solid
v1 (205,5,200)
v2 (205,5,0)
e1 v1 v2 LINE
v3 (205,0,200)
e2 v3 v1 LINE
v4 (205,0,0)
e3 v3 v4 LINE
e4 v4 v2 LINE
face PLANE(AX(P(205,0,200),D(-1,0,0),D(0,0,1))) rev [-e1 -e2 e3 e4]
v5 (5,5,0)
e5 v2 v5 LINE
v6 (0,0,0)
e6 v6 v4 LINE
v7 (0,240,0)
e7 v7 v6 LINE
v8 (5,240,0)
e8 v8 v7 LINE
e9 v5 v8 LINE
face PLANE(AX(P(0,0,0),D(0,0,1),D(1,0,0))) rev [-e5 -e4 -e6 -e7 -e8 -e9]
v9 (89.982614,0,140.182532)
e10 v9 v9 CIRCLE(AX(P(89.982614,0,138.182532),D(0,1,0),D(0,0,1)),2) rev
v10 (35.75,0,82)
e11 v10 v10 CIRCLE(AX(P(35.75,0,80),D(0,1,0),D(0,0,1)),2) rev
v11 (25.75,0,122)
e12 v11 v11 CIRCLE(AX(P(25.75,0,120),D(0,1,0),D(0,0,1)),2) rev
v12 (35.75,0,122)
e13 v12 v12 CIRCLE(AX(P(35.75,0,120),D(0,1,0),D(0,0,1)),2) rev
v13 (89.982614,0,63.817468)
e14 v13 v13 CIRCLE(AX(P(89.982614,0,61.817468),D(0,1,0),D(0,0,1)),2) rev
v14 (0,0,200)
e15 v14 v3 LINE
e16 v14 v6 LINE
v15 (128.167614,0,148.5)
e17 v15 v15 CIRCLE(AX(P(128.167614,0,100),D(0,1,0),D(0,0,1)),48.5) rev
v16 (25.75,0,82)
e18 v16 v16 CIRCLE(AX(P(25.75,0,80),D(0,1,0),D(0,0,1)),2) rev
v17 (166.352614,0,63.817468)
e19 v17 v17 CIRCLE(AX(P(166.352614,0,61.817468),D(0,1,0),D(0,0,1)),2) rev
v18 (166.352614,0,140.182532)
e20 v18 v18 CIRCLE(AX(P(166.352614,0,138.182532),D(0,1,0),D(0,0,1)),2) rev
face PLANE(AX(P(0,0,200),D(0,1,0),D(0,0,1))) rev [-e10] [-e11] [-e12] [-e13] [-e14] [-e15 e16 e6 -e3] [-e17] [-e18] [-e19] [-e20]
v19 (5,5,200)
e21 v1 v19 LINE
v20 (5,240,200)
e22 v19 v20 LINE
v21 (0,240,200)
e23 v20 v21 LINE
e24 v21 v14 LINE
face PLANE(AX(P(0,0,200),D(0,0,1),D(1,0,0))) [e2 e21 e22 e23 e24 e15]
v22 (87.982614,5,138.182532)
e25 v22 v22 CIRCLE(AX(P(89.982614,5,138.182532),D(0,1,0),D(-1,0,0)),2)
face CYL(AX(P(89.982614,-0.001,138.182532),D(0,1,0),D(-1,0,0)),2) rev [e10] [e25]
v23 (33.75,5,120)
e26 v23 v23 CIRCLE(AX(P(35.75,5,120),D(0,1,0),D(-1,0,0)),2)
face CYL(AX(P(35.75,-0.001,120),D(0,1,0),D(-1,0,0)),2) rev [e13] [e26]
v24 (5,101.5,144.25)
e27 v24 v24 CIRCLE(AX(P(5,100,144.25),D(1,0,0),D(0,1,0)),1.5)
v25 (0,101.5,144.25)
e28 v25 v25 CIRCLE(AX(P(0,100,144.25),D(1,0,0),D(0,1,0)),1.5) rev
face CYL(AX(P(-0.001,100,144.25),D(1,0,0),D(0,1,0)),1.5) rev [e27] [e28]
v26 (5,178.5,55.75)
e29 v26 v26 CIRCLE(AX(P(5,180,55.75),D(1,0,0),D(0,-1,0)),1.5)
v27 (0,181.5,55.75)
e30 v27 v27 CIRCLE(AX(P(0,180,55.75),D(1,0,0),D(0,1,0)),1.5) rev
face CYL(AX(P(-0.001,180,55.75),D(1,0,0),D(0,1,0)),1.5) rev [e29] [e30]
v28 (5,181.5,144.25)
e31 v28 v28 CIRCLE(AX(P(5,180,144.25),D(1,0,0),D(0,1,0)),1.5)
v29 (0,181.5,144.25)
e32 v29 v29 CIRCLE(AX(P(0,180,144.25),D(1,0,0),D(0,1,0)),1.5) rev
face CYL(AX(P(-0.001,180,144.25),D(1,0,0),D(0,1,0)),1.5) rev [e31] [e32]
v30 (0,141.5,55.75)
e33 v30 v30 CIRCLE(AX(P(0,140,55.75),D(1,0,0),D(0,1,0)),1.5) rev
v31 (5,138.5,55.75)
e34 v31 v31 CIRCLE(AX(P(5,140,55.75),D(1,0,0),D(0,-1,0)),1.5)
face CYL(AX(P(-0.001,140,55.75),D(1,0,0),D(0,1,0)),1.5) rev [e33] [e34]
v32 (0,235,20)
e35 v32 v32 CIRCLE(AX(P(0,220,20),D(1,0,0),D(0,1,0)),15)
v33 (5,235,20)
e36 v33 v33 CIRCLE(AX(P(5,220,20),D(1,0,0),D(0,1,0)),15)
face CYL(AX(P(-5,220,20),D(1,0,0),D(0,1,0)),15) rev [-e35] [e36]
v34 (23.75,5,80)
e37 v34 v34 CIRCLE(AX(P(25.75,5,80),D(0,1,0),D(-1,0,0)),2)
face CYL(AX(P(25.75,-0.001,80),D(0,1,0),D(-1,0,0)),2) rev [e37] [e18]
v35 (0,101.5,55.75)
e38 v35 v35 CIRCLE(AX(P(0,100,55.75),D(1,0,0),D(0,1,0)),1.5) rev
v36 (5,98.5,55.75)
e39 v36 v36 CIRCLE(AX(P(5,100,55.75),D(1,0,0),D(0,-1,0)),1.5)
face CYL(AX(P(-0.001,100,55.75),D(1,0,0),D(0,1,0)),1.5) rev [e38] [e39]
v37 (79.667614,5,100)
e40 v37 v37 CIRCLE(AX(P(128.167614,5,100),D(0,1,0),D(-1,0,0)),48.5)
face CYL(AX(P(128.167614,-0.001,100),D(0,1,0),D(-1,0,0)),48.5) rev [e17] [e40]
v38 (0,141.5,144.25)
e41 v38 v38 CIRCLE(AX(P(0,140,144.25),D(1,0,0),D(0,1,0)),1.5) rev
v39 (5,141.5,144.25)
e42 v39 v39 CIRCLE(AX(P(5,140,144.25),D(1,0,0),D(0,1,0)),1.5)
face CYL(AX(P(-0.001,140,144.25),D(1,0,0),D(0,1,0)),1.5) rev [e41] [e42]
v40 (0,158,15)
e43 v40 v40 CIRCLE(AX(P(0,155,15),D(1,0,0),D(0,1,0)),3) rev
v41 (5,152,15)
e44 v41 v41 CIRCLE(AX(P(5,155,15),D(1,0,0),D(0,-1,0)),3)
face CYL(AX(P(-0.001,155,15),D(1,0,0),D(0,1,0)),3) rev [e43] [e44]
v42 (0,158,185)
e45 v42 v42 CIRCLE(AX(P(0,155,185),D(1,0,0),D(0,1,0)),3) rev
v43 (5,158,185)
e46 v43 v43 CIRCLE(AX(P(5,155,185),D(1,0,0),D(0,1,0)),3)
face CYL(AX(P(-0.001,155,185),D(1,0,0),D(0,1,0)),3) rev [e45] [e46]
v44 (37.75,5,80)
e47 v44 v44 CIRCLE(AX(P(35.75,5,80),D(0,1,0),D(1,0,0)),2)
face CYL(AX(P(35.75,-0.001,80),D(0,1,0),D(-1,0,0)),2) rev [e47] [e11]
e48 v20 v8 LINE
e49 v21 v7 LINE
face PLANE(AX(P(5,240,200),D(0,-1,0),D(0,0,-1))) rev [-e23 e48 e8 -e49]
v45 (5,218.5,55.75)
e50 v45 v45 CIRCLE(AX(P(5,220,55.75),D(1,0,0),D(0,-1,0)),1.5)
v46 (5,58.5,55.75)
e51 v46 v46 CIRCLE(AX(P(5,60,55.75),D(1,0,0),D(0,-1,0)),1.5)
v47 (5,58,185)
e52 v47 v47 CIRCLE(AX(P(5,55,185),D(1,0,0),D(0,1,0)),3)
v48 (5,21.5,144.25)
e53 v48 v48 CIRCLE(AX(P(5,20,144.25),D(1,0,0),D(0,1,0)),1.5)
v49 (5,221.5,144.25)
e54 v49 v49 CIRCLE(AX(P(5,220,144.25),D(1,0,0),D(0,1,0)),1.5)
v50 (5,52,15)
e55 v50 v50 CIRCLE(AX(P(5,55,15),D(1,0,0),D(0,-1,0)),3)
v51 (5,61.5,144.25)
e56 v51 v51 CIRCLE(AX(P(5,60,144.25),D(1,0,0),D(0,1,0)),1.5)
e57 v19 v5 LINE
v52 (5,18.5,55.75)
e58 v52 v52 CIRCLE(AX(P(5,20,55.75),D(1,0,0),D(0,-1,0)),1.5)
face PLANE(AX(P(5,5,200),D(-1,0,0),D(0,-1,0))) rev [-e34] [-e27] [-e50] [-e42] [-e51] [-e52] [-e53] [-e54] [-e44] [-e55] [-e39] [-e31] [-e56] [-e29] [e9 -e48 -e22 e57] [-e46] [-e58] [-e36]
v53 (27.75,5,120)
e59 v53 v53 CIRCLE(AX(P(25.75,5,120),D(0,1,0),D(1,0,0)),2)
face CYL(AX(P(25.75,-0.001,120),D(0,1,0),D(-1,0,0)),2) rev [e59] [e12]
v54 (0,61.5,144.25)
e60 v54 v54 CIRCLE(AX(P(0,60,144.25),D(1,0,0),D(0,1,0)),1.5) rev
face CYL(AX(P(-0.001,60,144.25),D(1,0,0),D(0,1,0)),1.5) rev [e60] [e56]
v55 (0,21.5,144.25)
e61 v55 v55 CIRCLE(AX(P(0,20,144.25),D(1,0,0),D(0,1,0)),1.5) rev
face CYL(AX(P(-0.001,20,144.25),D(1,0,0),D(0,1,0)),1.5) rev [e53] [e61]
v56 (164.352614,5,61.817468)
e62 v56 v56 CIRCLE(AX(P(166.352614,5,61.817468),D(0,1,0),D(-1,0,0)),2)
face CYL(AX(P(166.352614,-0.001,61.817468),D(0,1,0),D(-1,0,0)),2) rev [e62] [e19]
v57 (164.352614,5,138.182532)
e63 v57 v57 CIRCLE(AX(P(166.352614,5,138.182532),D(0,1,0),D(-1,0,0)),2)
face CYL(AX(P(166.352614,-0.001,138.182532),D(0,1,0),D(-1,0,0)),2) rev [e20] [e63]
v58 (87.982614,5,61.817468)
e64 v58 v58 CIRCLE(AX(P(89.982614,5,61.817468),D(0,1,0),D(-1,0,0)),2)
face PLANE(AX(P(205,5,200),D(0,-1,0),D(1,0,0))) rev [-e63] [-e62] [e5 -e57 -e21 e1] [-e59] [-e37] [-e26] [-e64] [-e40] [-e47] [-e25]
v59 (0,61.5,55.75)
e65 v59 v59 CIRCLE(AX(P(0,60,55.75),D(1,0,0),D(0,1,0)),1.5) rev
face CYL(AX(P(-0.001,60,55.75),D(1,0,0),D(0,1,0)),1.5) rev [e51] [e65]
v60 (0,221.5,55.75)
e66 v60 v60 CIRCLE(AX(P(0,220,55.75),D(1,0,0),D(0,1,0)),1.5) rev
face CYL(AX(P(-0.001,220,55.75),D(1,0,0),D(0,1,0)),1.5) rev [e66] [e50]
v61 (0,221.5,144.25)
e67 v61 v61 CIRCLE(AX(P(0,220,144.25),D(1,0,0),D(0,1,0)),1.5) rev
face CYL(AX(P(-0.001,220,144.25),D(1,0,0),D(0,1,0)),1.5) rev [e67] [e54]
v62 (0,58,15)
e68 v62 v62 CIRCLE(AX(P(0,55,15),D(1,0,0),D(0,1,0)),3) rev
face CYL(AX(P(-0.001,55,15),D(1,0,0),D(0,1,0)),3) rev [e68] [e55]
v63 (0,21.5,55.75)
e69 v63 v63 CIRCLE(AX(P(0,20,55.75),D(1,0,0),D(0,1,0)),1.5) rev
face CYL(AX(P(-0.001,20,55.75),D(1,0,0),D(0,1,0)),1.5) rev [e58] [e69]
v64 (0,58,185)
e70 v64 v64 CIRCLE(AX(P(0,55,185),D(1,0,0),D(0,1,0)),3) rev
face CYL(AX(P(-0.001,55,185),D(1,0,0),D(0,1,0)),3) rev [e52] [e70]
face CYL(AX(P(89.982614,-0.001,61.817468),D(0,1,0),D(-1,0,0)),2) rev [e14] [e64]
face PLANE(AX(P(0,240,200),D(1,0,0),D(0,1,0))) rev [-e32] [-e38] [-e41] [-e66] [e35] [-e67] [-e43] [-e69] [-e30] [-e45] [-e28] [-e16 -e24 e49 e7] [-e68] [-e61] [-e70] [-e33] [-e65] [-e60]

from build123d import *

# Parameters (mm, degrees)
BOSS_EXTRUDE1_DEPTH = 200
CUT_EXTRUDE1_REACH  = 372.473
SKETCH2_R           = 48.5
SKETCH2_R_2         = 2
CUT_EXTRUDE2_REACH  = 372.473
SKETCH3_R           = 2
SKETCH4_R           = 15
CUT_EXTRUDE3_DEPTH  = 10
CUT_EXTRUDE4_REACH  = 372.945
SKETCH5_R           = 3
CUT_EXTRUDE5_REACH  = 372.945
SKETCH6_R           = 1.5


with BuildPart() as part:
    # Sketch1 → Boss-Extrude1 (new body)
    with BuildSketch(Plane.XY):
        Polygon((0, 240), (0, 0), (205, 0), (205, 5), (5, 5), (5, 240), align=None)
    extrude(amount=BOSS_EXTRUDE1_DEPTH)

    # Sketch2 → Cut-Extrude1 (cut, up to next)
    with BuildSketch(Plane(origin=(0, 5, 0), x_dir=(1, 0, 0), z_dir=(0, 1, 0)), mode=Mode.PRIVATE) as cut_extrude1_sk1:
        with Locations(Location((128.16761425, -100, 0), (0, 0, 180))):
            Circle(SKETCH2_R)
    cut_extrude1_tool1 = extrude(cut_extrude1_sk1.sketch, amount=-CUT_EXTRUDE1_REACH, mode=Mode.PRIVATE) & part.part
    # Sketch2 → Cut-Extrude1 (cut, up to next)
    with BuildSketch(Plane(origin=(0, 5, 0), x_dir=(1, 0, 0), z_dir=(0, 1, 0)), mode=Mode.PRIVATE) as cut_extrude1_sk2:
        with Locations(Location((89.98261425, -61.817467672, 0), (0, 0, 180))):
            Circle(SKETCH2_R_2)
    cut_extrude1_tool2 = extrude(cut_extrude1_sk2.sketch, amount=-CUT_EXTRUDE1_REACH, mode=Mode.PRIVATE) & part.part
    # Sketch2 → Cut-Extrude1 (cut, up to next)
    with BuildSketch(Plane(origin=(0, 5, 0), x_dir=(1, 0, 0), z_dir=(0, 1, 0)), mode=Mode.PRIVATE) as cut_extrude1_sk3:
        with Locations(Location((166.35261425, -61.817467672, 0), (0, 0, 180))):
            Circle(SKETCH2_R_2)
    cut_extrude1_tool3 = extrude(cut_extrude1_sk3.sketch, amount=-CUT_EXTRUDE1_REACH, mode=Mode.PRIVATE) & part.part
    # Sketch2 → Cut-Extrude1 (cut, up to next)
    with BuildSketch(Plane(origin=(0, 5, 0), x_dir=(1, 0, 0), z_dir=(0, 1, 0)), mode=Mode.PRIVATE) as cut_extrude1_sk4:
        with Locations(Location((89.98261425, -138.182532328, 0), (0, 0, 180))):
            Circle(SKETCH2_R_2)
    cut_extrude1_tool4 = extrude(cut_extrude1_sk4.sketch, amount=-CUT_EXTRUDE1_REACH, mode=Mode.PRIVATE) & part.part
    # Sketch2 → Cut-Extrude1 (cut, up to next)
    with BuildSketch(Plane(origin=(0, 5, 0), x_dir=(1, 0, 0), z_dir=(0, 1, 0)), mode=Mode.PRIVATE) as cut_extrude1_sk5:
        with Locations(Location((166.35261425, -138.182532328, 0), (0, 0, 180))):
            Circle(SKETCH2_R_2)
    cut_extrude1_tool5 = extrude(cut_extrude1_sk5.sketch, amount=-CUT_EXTRUDE1_REACH, mode=Mode.PRIVATE) & part.part
    add(cut_extrude1_tool1.solids().sort_by_distance((128.167614, 5, 100))[0], mode=Mode.SUBTRACT)
    add(cut_extrude1_tool2.solids().sort_by_distance((89.982614, 5, 61.817468))[0], mode=Mode.SUBTRACT)
    add(cut_extrude1_tool3.solids().sort_by_distance((166.352614, 5, 61.817468))[0], mode=Mode.SUBTRACT)
    add(cut_extrude1_tool4.solids().sort_by_distance((89.982614, 5, 138.182532))[0], mode=Mode.SUBTRACT)
    add(cut_extrude1_tool5.solids().sort_by_distance((166.352614, 5, 138.182532))[0], mode=Mode.SUBTRACT)

    # Sketch3 → Cut-Extrude2 (cut, up to next)
    with BuildSketch(Plane(origin=(0, 5, 0), x_dir=(1, 0, 0), z_dir=(0, 1, 0)), mode=Mode.PRIVATE) as cut_extrude2_sk1:
        with Locations(Location((25.75, -80, 0), (0, 0, 180))):
            Circle(SKETCH3_R)
    cut_extrude2_tool1 = extrude(cut_extrude2_sk1.sketch, amount=-CUT_EXTRUDE2_REACH, mode=Mode.PRIVATE) & part.part
    # Sketch3 → Cut-Extrude2 (cut, up to next)
    with BuildSketch(Plane(origin=(0, 5, 0), x_dir=(1, 0, 0), z_dir=(0, 1, 0)), mode=Mode.PRIVATE) as cut_extrude2_sk2:
        with Locations(Location((25.75, -120, 0), (0, 0, 270))):
            Circle(SKETCH3_R)
    cut_extrude2_tool2 = extrude(cut_extrude2_sk2.sketch, amount=-CUT_EXTRUDE2_REACH, mode=Mode.PRIVATE) & part.part
    # Sketch3 → Cut-Extrude2 (cut, up to next)
    with BuildSketch(Plane(origin=(0, 5, 0), x_dir=(1, 0, 0), z_dir=(0, 1, 0)), mode=Mode.PRIVATE) as cut_extrude2_sk3:
        with Locations(Location((35.75, -120, 0), (0, 0, 180))):
            Circle(SKETCH3_R)
    cut_extrude2_tool3 = extrude(cut_extrude2_sk3.sketch, amount=-CUT_EXTRUDE2_REACH, mode=Mode.PRIVATE) & part.part
    # Sketch3 → Cut-Extrude2 (cut, up to next)
    with BuildSketch(Plane(origin=(0, 5, 0), x_dir=(1, 0, 0), z_dir=(0, 1, 0)), mode=Mode.PRIVATE) as cut_extrude2_sk4:
        with Locations(Location((35.75, -80, 0), (0, 0, 270))):
            Circle(SKETCH3_R)
    cut_extrude2_tool4 = extrude(cut_extrude2_sk4.sketch, amount=-CUT_EXTRUDE2_REACH, mode=Mode.PRIVATE) & part.part
    add(cut_extrude2_tool1.solids().sort_by_distance((25.75, 5, 80))[0], mode=Mode.SUBTRACT)
    add(cut_extrude2_tool2.solids().sort_by_distance((25.75, 5, 120))[0], mode=Mode.SUBTRACT)
    add(cut_extrude2_tool3.solids().sort_by_distance((35.75, 5, 120))[0], mode=Mode.SUBTRACT)
    add(cut_extrude2_tool4.solids().sort_by_distance((35.75, 5, 80))[0], mode=Mode.SUBTRACT)

    # Sketch4 → Cut-Extrude3 (cut)
    with BuildSketch(Plane(origin=(5, 0, 0), x_dir=(0, 0, -1), z_dir=(1, 0, 0))):
        with Locations(Location((-20, 220, 0), (0, 0, 90))):
            Circle(SKETCH4_R)
    extrude(amount=-CUT_EXTRUDE3_DEPTH, mode=Mode.SUBTRACT)

    # Sketch5 → Cut-Extrude4 (cut, up to next)
    with BuildSketch(Plane(origin=(5, 0, 0), x_dir=(0, 0, -1), z_dir=(1, 0, 0)), mode=Mode.PRIVATE) as cut_extrude4_sk1:
        with Locations(Location((-185, 55, 0), (0, 0, 90))):
            Circle(SKETCH5_R)
    cut_extrude4_tool1 = extrude(cut_extrude4_sk1.sketch, amount=-CUT_EXTRUDE4_REACH, mode=Mode.PRIVATE) & part.part
    # Sketch5 → Cut-Extrude4 (cut, up to next)
    with BuildSketch(Plane(origin=(5, 0, 0), x_dir=(0, 0, -1), z_dir=(1, 0, 0)), mode=Mode.PRIVATE) as cut_extrude4_sk2:
        with Locations(Location((-185, 155, 0), (0, 0, 90))):
            Circle(SKETCH5_R)
    cut_extrude4_tool2 = extrude(cut_extrude4_sk2.sketch, amount=-CUT_EXTRUDE4_REACH, mode=Mode.PRIVATE) & part.part
    # Sketch5 → Cut-Extrude4 (cut, up to next)
    with BuildSketch(Plane(origin=(5, 0, 0), x_dir=(0, 0, -1), z_dir=(1, 0, 0)), mode=Mode.PRIVATE) as cut_extrude4_sk3:
        with Locations(Location((-15, 55, 0), (0, 0, 90))):
            Circle(SKETCH5_R)
    cut_extrude4_tool3 = extrude(cut_extrude4_sk3.sketch, amount=-CUT_EXTRUDE4_REACH, mode=Mode.PRIVATE) & part.part
    # Sketch5 → Cut-Extrude4 (cut, up to next)
    with BuildSketch(Plane(origin=(5, 0, 0), x_dir=(0, 0, -1), z_dir=(1, 0, 0)), mode=Mode.PRIVATE) as cut_extrude4_sk4:
        with Locations(Location((-15, 155, 0), (0, 0, 90))):
            Circle(SKETCH5_R)
    cut_extrude4_tool4 = extrude(cut_extrude4_sk4.sketch, amount=-CUT_EXTRUDE4_REACH, mode=Mode.PRIVATE) & part.part
    add(cut_extrude4_tool1.solids().sort_by_distance((5, 55, 185))[0], mode=Mode.SUBTRACT)
    add(cut_extrude4_tool2.solids().sort_by_distance((5, 155, 185))[0], mode=Mode.SUBTRACT)
    add(cut_extrude4_tool3.solids().sort_by_distance((5, 55, 15))[0], mode=Mode.SUBTRACT)
    add(cut_extrude4_tool4.solids().sort_by_distance((5, 155, 15))[0], mode=Mode.SUBTRACT)

    # Sketch6 → Cut-Extrude5 (cut, up to next)
    with BuildSketch(Plane(origin=(5, 0, 0), x_dir=(0, 0, -1), z_dir=(1, 0, 0)), mode=Mode.PRIVATE) as cut_extrude5_sk1:
        with Locations(Location((-144.25, 220, 0), (0, 0, 90))):
            Circle(SKETCH6_R)
    cut_extrude5_tool1 = extrude(cut_extrude5_sk1.sketch, amount=-CUT_EXTRUDE5_REACH, mode=Mode.PRIVATE) & part.part
    # Sketch6 → Cut-Extrude5 (cut, up to next)
    with BuildSketch(Plane(origin=(5, 0, 0), x_dir=(0, 0, -1), z_dir=(1, 0, 0)), mode=Mode.PRIVATE) as cut_extrude5_sk2:
        with Locations(Location((-55.75, 220, 0), (0, 0, 90))):
            Circle(SKETCH6_R)
    cut_extrude5_tool2 = extrude(cut_extrude5_sk2.sketch, amount=-CUT_EXTRUDE5_REACH, mode=Mode.PRIVATE) & part.part
    # Sketch6 → Cut-Extrude5 (cut, up to next)
    with BuildSketch(Plane(origin=(5, 0, 0), x_dir=(0, 0, -1), z_dir=(1, 0, 0)), mode=Mode.PRIVATE) as cut_extrude5_sk3:
        with Locations(Location((-144.25, 180, 0), (0, 0, 90))):
            Circle(SKETCH6_R)
    cut_extrude5_tool3 = extrude(cut_extrude5_sk3.sketch, amount=-CUT_EXTRUDE5_REACH, mode=Mode.PRIVATE) & part.part
    # Sketch6 → Cut-Extrude5 (cut, up to next)
    with BuildSketch(Plane(origin=(5, 0, 0), x_dir=(0, 0, -1), z_dir=(1, 0, 0)), mode=Mode.PRIVATE) as cut_extrude5_sk4:
        with Locations(Location((-55.75, 180, 0), (0, 0, 90))):
            Circle(SKETCH6_R)
    cut_extrude5_tool4 = extrude(cut_extrude5_sk4.sketch, amount=-CUT_EXTRUDE5_REACH, mode=Mode.PRIVATE) & part.part
    # Sketch6 → Cut-Extrude5 (cut, up to next)
    with BuildSketch(Plane(origin=(5, 0, 0), x_dir=(0, 0, -1), z_dir=(1, 0, 0)), mode=Mode.PRIVATE) as cut_extrude5_sk5:
        with Locations(Location((-144.25, 140, 0), (0, 0, 90))):
            Circle(SKETCH6_R)
    cut_extrude5_tool5 = extrude(cut_extrude5_sk5.sketch, amount=-CUT_EXTRUDE5_REACH, mode=Mode.PRIVATE) & part.part
    # Sketch6 → Cut-Extrude5 (cut, up to next)
    with BuildSketch(Plane(origin=(5, 0, 0), x_dir=(0, 0, -1), z_dir=(1, 0, 0)), mode=Mode.PRIVATE) as cut_extrude5_sk6:
        with Locations(Location((-55.75, 140, 0), (0, 0, 90))):
            Circle(SKETCH6_R)
    cut_extrude5_tool6 = extrude(cut_extrude5_sk6.sketch, amount=-CUT_EXTRUDE5_REACH, mode=Mode.PRIVATE) & part.part
    # Sketch6 → Cut-Extrude5 (cut, up to next)
    with BuildSketch(Plane(origin=(5, 0, 0), x_dir=(0, 0, -1), z_dir=(1, 0, 0)), mode=Mode.PRIVATE) as cut_extrude5_sk7:
        with Locations(Location((-144.25, 100, 0), (0, 0, 90))):
            Circle(SKETCH6_R)
    cut_extrude5_tool7 = extrude(cut_extrude5_sk7.sketch, amount=-CUT_EXTRUDE5_REACH, mode=Mode.PRIVATE) & part.part
    # Sketch6 → Cut-Extrude5 (cut, up to next)
    with BuildSketch(Plane(origin=(5, 0, 0), x_dir=(0, 0, -1), z_dir=(1, 0, 0)), mode=Mode.PRIVATE) as cut_extrude5_sk8:
        with Locations(Location((-55.75, 100, 0), (0, 0, 90))):
            Circle(SKETCH6_R)
    cut_extrude5_tool8 = extrude(cut_extrude5_sk8.sketch, amount=-CUT_EXTRUDE5_REACH, mode=Mode.PRIVATE) & part.part
    # Sketch6 → Cut-Extrude5 (cut, up to next)
    with BuildSketch(Plane(origin=(5, 0, 0), x_dir=(0, 0, -1), z_dir=(1, 0, 0)), mode=Mode.PRIVATE) as cut_extrude5_sk9:
        with Locations(Location((-144.25, 60, 0), (0, 0, 90))):
            Circle(SKETCH6_R)
    cut_extrude5_tool9 = extrude(cut_extrude5_sk9.sketch, amount=-CUT_EXTRUDE5_REACH, mode=Mode.PRIVATE) & part.part
    # Sketch6 → Cut-Extrude5 (cut, up to next)
    with BuildSketch(Plane(origin=(5, 0, 0), x_dir=(0, 0, -1), z_dir=(1, 0, 0)), mode=Mode.PRIVATE) as cut_extrude5_sk10:
        with Locations(Location((-55.75, 60, 0), (0, 0, 90))):
            Circle(SKETCH6_R)
    cut_extrude5_tool10 = extrude(cut_extrude5_sk10.sketch, amount=-CUT_EXTRUDE5_REACH, mode=Mode.PRIVATE) & part.part
    # Sketch6 → Cut-Extrude5 (cut, up to next)
    with BuildSketch(Plane(origin=(5, 0, 0), x_dir=(0, 0, -1), z_dir=(1, 0, 0)), mode=Mode.PRIVATE) as cut_extrude5_sk11:
        with Locations(Location((-144.25, 20, 0), (0, 0, 90))):
            Circle(SKETCH6_R)
    cut_extrude5_tool11 = extrude(cut_extrude5_sk11.sketch, amount=-CUT_EXTRUDE5_REACH, mode=Mode.PRIVATE) & part.part
    # Sketch6 → Cut-Extrude5 (cut, up to next)
    with BuildSketch(Plane(origin=(5, 0, 0), x_dir=(0, 0, -1), z_dir=(1, 0, 0)), mode=Mode.PRIVATE) as cut_extrude5_sk12:
        with Locations(Location((-55.75, 20, 0), (0, 0, 90))):
            Circle(SKETCH6_R)
    cut_extrude5_tool12 = extrude(cut_extrude5_sk12.sketch, amount=-CUT_EXTRUDE5_REACH, mode=Mode.PRIVATE) & part.part
    add(cut_extrude5_tool1.solids().sort_by_distance((5, 220, 144.25))[0], mode=Mode.SUBTRACT)
    add(cut_extrude5_tool2.solids().sort_by_distance((5, 220, 55.75))[0], mode=Mode.SUBTRACT)
    add(cut_extrude5_tool3.solids().sort_by_distance((5, 180, 144.25))[0], mode=Mode.SUBTRACT)
    add(cut_extrude5_tool4.solids().sort_by_distance((5, 180, 55.75))[0], mode=Mode.SUBTRACT)
    add(cut_extrude5_tool5.solids().sort_by_distance((5, 140, 144.25))[0], mode=Mode.SUBTRACT)
    add(cut_extrude5_tool6.solids().sort_by_distance((5, 140, 55.75))[0], mode=Mode.SUBTRACT)
    add(cut_extrude5_tool7.solids().sort_by_distance((5, 100, 144.25))[0], mode=Mode.SUBTRACT)
    add(cut_extrude5_tool8.solids().sort_by_distance((5, 100, 55.75))[0], mode=Mode.SUBTRACT)
    add(cut_extrude5_tool9.solids().sort_by_distance((5, 60, 144.25))[0], mode=Mode.SUBTRACT)
    add(cut_extrude5_tool10.solids().sort_by_distance((5, 60, 55.75))[0], mode=Mode.SUBTRACT)
    add(cut_extrude5_tool11.solids().sort_by_distance((5, 20, 144.25))[0], mode=Mode.SUBTRACT)
    add(cut_extrude5_tool12.solids().sort_by_distance((5, 20, 55.75))[0], mode=Mode.SUBTRACT)


solid = part.part
